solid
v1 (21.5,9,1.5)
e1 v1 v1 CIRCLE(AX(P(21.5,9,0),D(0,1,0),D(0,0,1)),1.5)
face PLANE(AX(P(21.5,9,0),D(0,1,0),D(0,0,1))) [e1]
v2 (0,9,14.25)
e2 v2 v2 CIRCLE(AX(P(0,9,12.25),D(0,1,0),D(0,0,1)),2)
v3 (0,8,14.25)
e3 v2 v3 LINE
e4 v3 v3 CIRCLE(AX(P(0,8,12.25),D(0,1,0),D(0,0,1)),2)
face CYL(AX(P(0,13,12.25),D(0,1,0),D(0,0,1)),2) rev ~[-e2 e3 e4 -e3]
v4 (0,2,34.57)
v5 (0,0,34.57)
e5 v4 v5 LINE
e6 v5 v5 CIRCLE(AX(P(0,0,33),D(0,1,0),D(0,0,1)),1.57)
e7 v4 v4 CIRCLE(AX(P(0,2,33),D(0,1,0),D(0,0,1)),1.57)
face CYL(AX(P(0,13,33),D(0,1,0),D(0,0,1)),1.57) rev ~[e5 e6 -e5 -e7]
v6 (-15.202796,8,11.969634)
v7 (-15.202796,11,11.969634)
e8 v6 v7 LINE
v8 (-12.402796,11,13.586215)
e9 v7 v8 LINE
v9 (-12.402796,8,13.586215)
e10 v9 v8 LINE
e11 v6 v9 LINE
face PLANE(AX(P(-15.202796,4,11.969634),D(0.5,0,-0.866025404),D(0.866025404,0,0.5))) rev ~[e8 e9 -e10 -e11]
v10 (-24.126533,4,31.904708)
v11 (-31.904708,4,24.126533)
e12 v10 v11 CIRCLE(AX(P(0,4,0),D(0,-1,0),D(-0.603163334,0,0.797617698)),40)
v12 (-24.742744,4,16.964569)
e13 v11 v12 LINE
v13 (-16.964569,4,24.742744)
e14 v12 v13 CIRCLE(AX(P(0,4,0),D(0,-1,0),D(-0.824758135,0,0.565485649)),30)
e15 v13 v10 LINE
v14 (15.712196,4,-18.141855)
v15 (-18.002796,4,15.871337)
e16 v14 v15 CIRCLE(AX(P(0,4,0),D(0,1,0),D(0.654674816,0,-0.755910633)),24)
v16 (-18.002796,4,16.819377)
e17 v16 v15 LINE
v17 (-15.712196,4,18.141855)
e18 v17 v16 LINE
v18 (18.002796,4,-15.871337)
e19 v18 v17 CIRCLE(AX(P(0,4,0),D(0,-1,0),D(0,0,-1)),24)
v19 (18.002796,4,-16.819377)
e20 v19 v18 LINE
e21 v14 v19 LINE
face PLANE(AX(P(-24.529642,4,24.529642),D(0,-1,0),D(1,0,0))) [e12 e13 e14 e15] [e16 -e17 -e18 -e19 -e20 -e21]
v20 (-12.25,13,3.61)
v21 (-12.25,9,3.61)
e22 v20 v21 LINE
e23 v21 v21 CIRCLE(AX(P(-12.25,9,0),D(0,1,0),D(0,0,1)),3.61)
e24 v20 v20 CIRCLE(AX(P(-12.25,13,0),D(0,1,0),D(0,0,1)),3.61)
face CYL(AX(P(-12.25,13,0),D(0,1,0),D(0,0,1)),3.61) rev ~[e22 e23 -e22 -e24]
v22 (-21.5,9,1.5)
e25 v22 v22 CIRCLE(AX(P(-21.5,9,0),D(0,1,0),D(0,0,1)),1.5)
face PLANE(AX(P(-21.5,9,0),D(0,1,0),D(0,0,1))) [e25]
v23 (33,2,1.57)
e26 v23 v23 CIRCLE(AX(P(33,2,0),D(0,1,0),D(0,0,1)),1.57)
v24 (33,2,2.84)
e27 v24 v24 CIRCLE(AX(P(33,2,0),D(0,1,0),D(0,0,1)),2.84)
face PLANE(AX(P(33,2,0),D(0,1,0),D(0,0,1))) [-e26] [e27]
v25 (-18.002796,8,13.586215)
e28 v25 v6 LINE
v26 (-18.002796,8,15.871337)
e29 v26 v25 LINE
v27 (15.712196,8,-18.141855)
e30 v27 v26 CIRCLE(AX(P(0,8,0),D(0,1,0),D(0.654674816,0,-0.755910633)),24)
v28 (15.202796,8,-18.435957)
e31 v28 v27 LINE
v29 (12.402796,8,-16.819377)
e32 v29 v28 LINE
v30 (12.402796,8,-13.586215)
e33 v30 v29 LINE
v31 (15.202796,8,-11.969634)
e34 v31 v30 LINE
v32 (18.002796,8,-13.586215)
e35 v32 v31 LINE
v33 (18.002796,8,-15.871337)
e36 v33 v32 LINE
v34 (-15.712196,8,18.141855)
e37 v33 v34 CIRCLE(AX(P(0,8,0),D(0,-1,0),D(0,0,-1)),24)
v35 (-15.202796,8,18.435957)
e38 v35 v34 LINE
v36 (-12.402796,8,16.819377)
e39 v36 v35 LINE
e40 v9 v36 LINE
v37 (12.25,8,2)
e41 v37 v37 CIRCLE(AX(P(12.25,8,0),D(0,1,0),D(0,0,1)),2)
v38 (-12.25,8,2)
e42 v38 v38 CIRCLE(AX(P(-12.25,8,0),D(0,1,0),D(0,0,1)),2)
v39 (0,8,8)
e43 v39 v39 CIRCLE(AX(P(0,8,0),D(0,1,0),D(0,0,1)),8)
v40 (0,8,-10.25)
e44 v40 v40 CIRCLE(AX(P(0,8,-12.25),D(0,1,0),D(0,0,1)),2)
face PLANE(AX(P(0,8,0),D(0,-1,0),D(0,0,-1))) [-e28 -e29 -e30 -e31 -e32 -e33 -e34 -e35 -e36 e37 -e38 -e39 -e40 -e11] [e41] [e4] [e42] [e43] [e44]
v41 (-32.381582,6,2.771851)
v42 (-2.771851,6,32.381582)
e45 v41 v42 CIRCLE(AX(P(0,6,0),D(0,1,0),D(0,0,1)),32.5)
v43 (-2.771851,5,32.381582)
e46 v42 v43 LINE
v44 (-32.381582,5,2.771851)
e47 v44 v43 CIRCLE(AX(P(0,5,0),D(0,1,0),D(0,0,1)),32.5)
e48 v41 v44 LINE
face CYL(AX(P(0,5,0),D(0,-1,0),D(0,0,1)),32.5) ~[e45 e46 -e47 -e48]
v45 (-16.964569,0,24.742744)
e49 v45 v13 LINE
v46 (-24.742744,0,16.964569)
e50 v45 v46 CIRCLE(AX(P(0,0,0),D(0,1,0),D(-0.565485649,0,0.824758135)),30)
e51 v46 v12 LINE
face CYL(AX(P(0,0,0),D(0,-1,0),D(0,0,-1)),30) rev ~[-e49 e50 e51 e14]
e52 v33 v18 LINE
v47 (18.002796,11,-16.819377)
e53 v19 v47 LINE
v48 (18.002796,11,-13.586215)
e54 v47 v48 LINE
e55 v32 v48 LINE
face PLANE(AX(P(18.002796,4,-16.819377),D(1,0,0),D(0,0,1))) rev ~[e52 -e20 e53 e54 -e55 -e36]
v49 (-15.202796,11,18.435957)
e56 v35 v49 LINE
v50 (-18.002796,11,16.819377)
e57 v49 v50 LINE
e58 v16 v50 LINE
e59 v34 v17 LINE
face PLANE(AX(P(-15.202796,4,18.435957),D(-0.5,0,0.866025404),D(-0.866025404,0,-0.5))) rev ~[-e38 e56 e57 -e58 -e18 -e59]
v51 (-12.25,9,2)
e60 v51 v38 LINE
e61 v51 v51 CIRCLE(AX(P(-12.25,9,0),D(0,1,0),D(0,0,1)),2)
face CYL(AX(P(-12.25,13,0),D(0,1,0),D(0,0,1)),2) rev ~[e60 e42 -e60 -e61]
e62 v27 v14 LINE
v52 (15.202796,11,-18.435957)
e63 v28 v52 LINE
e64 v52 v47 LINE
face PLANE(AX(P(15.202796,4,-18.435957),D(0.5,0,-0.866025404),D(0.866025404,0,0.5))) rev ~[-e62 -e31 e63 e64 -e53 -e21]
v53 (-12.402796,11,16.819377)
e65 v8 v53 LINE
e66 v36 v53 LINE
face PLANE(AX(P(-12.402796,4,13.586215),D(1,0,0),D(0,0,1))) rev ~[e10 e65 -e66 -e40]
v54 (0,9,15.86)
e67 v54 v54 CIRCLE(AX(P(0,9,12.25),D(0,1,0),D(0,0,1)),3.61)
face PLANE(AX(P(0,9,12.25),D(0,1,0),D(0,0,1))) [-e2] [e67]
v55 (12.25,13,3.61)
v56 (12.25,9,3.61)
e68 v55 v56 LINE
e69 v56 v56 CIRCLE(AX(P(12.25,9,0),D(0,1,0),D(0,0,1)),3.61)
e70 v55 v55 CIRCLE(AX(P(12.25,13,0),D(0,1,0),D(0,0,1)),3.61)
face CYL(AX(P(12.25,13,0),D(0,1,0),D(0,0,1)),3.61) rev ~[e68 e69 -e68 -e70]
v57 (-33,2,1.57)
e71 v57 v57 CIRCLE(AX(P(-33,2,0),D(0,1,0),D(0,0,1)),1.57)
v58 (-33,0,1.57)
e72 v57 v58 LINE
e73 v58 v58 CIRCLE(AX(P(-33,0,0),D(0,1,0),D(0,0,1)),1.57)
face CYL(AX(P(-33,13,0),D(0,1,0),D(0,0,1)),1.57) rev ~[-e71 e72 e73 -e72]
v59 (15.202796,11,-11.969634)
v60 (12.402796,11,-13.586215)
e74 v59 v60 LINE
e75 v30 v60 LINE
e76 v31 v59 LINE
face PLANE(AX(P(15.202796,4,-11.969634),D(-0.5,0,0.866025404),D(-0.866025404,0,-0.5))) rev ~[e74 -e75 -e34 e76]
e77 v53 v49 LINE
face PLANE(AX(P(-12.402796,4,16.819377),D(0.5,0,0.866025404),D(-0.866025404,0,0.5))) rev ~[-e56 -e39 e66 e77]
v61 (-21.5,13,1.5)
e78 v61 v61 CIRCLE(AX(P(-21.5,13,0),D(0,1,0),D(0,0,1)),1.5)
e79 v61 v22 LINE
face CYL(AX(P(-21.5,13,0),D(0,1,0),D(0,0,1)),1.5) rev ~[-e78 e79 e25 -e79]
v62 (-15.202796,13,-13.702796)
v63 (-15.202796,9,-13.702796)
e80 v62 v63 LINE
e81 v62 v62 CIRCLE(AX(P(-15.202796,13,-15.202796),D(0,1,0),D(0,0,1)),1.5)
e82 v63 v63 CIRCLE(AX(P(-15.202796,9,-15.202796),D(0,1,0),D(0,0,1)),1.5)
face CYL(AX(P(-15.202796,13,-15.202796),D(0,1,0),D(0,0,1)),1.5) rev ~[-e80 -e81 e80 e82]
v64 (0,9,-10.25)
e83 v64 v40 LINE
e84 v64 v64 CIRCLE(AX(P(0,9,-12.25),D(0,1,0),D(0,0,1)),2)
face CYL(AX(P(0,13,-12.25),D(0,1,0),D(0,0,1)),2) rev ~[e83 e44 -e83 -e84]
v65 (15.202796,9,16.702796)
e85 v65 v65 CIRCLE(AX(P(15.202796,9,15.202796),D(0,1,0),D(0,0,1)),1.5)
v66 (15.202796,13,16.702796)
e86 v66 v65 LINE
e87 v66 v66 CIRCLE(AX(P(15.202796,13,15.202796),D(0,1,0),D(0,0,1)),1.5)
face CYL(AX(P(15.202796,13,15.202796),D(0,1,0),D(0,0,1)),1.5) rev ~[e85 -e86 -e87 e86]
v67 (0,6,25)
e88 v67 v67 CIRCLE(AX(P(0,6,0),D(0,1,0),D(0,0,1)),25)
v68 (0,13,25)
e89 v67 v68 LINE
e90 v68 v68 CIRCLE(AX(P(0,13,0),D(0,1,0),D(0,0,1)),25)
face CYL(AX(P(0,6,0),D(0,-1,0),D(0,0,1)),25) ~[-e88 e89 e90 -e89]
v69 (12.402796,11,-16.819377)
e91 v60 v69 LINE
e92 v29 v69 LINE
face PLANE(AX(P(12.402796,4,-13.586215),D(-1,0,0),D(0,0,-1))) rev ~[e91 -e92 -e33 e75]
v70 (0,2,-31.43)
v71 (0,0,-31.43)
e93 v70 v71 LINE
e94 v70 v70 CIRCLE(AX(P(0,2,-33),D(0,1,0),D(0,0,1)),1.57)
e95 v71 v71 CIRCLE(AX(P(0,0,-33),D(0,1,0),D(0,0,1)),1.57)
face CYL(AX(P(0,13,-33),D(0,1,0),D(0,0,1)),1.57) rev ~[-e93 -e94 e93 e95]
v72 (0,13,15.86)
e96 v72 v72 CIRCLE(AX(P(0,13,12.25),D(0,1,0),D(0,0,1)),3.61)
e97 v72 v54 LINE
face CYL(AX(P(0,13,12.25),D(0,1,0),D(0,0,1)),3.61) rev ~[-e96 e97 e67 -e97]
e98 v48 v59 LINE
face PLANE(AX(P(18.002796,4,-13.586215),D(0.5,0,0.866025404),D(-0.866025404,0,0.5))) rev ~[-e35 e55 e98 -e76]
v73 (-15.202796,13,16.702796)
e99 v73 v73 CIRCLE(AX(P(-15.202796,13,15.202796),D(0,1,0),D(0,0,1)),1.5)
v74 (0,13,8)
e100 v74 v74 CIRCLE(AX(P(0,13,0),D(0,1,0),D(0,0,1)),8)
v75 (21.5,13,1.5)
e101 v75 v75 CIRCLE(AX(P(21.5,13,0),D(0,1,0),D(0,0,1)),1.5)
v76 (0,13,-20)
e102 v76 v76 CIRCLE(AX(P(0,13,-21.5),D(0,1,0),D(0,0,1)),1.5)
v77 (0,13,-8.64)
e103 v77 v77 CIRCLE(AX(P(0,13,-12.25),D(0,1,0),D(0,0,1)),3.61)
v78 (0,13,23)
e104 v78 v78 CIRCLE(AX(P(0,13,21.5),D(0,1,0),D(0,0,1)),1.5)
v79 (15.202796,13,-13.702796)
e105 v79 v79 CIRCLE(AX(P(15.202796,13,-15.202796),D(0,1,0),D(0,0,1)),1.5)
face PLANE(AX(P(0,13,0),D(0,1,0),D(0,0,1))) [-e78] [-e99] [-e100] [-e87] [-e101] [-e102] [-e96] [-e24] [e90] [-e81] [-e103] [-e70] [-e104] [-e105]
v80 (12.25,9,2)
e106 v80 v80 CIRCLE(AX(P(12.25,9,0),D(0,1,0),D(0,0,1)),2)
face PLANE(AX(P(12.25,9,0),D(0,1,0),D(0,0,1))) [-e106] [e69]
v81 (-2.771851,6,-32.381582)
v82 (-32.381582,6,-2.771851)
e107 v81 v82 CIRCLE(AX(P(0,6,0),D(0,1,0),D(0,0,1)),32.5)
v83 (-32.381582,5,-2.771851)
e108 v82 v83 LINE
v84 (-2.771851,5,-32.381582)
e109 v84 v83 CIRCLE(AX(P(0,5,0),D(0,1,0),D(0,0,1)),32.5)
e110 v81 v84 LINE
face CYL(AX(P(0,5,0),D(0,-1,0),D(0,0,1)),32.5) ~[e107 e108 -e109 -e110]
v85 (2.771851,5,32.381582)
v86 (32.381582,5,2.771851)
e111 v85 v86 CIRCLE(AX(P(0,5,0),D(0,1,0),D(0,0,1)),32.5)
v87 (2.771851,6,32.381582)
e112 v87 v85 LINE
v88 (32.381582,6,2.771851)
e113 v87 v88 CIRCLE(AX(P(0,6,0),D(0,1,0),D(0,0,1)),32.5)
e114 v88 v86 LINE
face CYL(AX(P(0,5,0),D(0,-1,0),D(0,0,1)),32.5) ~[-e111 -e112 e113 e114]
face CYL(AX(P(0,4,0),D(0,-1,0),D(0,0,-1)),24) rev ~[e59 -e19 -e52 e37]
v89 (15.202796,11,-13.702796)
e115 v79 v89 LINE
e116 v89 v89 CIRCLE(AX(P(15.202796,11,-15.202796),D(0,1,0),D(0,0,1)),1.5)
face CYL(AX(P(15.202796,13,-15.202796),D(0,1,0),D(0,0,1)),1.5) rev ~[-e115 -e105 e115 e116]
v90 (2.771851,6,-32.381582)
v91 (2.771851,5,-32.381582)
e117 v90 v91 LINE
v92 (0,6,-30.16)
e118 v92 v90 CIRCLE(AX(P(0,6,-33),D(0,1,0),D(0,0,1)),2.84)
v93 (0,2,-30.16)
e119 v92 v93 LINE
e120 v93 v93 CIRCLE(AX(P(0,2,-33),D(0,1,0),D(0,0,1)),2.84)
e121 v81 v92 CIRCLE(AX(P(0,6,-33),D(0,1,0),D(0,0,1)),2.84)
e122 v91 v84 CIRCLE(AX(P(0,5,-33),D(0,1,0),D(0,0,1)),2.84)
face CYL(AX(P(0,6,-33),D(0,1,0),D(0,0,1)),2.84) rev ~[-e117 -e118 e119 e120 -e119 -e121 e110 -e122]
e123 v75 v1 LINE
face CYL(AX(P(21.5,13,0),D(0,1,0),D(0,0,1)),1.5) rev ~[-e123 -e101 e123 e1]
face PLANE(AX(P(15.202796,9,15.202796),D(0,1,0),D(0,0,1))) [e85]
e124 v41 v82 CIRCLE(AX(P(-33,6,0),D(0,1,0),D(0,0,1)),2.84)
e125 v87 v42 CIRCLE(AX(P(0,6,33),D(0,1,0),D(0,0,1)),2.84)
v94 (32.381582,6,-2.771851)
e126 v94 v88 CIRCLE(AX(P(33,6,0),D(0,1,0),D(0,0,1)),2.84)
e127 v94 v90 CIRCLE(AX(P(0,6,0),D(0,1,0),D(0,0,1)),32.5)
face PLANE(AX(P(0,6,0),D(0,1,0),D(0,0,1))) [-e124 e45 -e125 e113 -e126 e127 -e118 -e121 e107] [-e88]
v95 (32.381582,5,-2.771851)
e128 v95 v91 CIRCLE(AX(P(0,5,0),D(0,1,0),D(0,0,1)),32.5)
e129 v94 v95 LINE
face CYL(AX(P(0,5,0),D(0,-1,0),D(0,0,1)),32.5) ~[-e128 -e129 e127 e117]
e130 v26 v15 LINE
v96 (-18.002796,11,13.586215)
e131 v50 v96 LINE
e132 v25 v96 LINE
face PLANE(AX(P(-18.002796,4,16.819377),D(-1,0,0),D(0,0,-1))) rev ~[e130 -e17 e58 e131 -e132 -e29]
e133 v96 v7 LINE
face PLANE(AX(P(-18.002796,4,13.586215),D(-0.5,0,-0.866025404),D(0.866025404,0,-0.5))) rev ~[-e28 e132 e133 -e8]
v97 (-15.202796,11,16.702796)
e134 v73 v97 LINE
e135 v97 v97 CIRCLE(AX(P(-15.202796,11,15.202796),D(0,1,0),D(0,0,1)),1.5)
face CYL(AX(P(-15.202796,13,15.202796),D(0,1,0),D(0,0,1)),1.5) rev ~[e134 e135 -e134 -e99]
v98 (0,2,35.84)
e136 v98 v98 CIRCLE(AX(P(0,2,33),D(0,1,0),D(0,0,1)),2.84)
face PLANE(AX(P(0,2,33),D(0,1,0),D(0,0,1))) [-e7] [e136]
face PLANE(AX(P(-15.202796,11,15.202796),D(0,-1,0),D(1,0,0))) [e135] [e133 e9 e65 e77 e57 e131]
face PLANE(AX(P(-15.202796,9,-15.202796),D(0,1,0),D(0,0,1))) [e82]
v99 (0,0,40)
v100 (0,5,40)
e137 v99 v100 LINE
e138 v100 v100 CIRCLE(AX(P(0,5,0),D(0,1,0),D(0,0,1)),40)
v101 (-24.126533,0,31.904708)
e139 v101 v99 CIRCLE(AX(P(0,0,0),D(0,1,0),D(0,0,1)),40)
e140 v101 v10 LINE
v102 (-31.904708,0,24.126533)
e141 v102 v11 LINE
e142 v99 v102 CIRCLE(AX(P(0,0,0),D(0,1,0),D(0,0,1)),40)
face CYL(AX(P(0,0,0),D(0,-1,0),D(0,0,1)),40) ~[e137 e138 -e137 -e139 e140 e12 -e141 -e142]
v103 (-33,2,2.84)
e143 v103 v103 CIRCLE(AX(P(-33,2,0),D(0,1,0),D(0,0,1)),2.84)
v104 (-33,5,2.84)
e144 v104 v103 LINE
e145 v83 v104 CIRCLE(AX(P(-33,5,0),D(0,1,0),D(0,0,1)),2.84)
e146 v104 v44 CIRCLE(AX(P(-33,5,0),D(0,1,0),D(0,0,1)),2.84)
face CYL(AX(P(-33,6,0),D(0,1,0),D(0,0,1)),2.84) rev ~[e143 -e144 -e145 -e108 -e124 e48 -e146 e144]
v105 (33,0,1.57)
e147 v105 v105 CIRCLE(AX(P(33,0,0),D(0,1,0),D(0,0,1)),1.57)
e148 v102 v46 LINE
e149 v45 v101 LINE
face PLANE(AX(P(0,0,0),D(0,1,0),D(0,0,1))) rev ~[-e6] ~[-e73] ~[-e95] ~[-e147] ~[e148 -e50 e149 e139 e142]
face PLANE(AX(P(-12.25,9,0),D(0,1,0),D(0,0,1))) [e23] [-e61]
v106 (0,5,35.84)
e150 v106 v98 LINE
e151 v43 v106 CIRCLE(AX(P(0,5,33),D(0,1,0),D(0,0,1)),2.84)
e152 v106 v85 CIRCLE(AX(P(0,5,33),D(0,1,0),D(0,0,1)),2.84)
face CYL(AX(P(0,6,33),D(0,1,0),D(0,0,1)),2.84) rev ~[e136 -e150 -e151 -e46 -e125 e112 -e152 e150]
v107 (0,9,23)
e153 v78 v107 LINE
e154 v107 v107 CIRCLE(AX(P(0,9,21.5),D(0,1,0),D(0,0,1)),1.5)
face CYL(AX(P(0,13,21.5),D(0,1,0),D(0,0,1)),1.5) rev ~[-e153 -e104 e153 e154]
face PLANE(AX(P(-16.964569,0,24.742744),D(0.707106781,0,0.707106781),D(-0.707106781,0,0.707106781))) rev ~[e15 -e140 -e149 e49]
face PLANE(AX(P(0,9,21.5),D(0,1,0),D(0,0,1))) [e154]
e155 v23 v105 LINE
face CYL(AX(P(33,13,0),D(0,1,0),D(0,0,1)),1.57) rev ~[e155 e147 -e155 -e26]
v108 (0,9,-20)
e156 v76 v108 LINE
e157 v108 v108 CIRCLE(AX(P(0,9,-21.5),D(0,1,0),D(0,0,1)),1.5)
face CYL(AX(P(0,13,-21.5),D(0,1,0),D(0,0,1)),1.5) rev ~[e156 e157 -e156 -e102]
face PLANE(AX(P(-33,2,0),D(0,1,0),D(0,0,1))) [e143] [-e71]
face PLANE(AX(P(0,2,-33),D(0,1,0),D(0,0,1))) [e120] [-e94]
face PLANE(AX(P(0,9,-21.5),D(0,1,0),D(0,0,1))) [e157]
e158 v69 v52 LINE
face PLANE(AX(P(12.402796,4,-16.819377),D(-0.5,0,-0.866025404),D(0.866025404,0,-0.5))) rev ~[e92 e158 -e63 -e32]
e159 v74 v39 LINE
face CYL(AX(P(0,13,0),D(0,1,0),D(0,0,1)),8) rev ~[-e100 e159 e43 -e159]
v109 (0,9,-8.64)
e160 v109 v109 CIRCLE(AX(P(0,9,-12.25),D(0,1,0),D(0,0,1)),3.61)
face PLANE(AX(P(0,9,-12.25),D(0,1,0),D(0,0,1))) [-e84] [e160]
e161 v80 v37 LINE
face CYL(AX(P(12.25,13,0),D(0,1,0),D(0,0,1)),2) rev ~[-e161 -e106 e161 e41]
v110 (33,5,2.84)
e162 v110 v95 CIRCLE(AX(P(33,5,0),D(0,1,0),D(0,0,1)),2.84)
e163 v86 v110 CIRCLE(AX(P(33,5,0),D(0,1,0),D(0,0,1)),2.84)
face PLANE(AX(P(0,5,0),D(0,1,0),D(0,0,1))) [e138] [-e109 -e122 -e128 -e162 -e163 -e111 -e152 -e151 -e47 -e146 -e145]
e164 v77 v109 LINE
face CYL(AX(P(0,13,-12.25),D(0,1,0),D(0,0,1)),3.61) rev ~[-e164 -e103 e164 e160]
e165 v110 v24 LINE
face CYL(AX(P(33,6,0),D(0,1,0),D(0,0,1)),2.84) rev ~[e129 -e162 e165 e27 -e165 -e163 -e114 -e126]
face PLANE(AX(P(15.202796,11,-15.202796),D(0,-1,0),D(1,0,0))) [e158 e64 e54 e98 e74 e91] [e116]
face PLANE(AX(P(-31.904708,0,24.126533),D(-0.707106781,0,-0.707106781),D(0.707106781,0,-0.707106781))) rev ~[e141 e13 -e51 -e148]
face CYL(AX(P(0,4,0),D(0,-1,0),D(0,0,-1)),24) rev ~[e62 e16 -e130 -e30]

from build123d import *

# Parameters (mm, degrees)
SKETCH1_R           = 40
BOSS_EXTRUDE1_DEPTH = 5
SKETCH4_R           = 32.5
BOSS_EXTRUDE2_DEPTH = 1
SKETCH5_R           = 25
BOSS_EXTRUDE3_DEPTH = 7
SKETCH6_R           = 2
SKETCH6_R_2         = 8
CUT_EXTRUDE1_DEPTH  = 59.043087444
SKETCH7_R           = 30
CUT_EXTRUDE2_DEPTH  = 4
SKETCH8_R           = 24
CUT_EXTRUDE3_DEPTH  = 4
SKETCH9_R           = 3.61
CUT_EXTRUDE4_DEPTH  = 4
SKETCH10_R          = 1.57
CUT_EXTRUDE5_DEPTH  = 59.043087444
SKETCH11_R          = 2.84
CUT_EXTRUDE6_DEPTH  = 4
SKETCH12_R          = 1.5
CUT_EXTRUDE7_DEPTH  = 4
CUT_EXTRUDE9_DEPTH  = 7
CUT_EXTRUDE10_DEPTH = 4


with BuildPart() as part:
    # Sketch1 → Boss-Extrude1 (new body)
    with BuildSketch(Plane(origin=(0, 0, 0), x_dir=(1, 0, 0), z_dir=(0, 1, 0))):
        with Locations(Location((0, 0, 0), (0, 0, 270))):
            Circle(SKETCH1_R)
    extrude(amount=BOSS_EXTRUDE1_DEPTH)

    # Sketch4 → Boss-Extrude2 (add)
    with BuildSketch(Plane(origin=(0, 5, 0), x_dir=(1, 0, 0), z_dir=(0, 1, 0))):
        with Locations(Location((0, 0, 0), (0, 0, 270))):
            Circle(SKETCH4_R)
    extrude(amount=BOSS_EXTRUDE2_DEPTH)

    # Sketch5 → Boss-Extrude3 (add)
    with BuildSketch(Plane(origin=(0, 6, 0), x_dir=(1, 0, 0), z_dir=(0, 1, 0))):
        with Locations(Location((0, 0, 0), (0, 0, 270))):
            Circle(SKETCH5_R)
    extrude(amount=BOSS_EXTRUDE3_DEPTH)

    # Sketch6 → Cut-Extrude1 (cut, through all)
    with BuildSketch(Plane(origin=(0, 13, 0), x_dir=(1, 0, 0), z_dir=(0, 1, 0))):
        with Locations(Location((12.25, 0, 0), (0, 0, 270))):
            Circle(SKETCH6_R)
        with Locations(Location((0, -12.25, 0), (0, 0, 270))):
            Circle(SKETCH6_R)
        with Locations(Location((-12.25, 0, 0), (0, 0, 270))):
            Circle(SKETCH6_R)
        with Locations(Location((0, 12.25, 0), (0, 0, 270))):
            Circle(SKETCH6_R)
        with Locations(Location((0, 0, 0), (0, 0, 270))):
            Circle(SKETCH6_R_2)
    extrude(amount=-CUT_EXTRUDE1_DEPTH, mode=Mode.SUBTRACT)

    # Sketch7 → Cut-Extrude2 (cut)
    with BuildSketch(Plane.XZ):
        with Locations(Location((0, 0, 0), (0, 0, 270))):
            Circle(SKETCH7_R)
    extrude(amount=-CUT_EXTRUDE2_DEPTH, mode=Mode.SUBTRACT)

    # Sketch8 → Cut-Extrude3 (cut)
    with BuildSketch(Plane.XZ.offset(-4)):
        with Locations(Location((0, 0, 0), (0, 0, 270))):
            Circle(SKETCH8_R)
    extrude(amount=-CUT_EXTRUDE3_DEPTH, mode=Mode.SUBTRACT)

    # Sketch9 → Cut-Extrude4 (cut)
    with BuildSketch(Plane(origin=(0, 13, 0), x_dir=(1, 0, 0), z_dir=(0, 1, 0))):
        with Locations(Location((0, 12.25, 0), (0, 0, 270))):
            Circle(SKETCH9_R)
        with Locations(Location((12.25, 0, 0), (0, 0, 270))):
            Circle(SKETCH9_R)
        with Locations(Location((0, -12.25, 0), (0, 0, 270))):
            Circle(SKETCH9_R)
        with Locations(Location((-12.25, 0, 0), (0, 0, 270))):
            Circle(SKETCH9_R)
    extrude(amount=-CUT_EXTRUDE4_DEPTH, mode=Mode.SUBTRACT)

    # Sketch10 → Cut-Extrude5 (cut, through all)
    with BuildSketch(Plane(origin=(0, 13, 0), x_dir=(1, 0, 0), z_dir=(0, 1, 0))):
        with Locations(Location((0, 33, 0), (0, 0, 270))):
            Circle(SKETCH10_R)
        with Locations(Location((33, 0, 0), (0, 0, 270))):
            Circle(SKETCH10_R)
        with Locations(Location((0, -33, 0), (0, 0, 270))):
            Circle(SKETCH10_R)
        with Locations(Location((-33, 0, 0), (0, 0, 270))):
            Circle(SKETCH10_R)
    extrude(amount=-CUT_EXTRUDE5_DEPTH, mode=Mode.SUBTRACT)

    # Sketch11 → Cut-Extrude6 (cut)
    with BuildSketch(Plane(origin=(0, 6, 0), x_dir=(1, 0, 0), z_dir=(0, 1, 0))):
        with Locations(Location((0, 33, 0), (0, 0, 270))):
            Circle(SKETCH11_R)
        with Locations(Location((33, 0, 0), (0, 0, 270))):
            Circle(SKETCH11_R)
        with Locations(Location((0, -33, 0), (0, 0, 270))):
            Circle(SKETCH11_R)
        with Locations(Location((-33, 0, 0), (0, 0, 270))):
            Circle(SKETCH11_R)
    extrude(amount=-CUT_EXTRUDE6_DEPTH, mode=Mode.SUBTRACT)

    # Sketch12 → Cut-Extrude7 (cut)
    with BuildSketch(Plane(origin=(0, 13, 0), x_dir=(1, 0, 0), z_dir=(0, 1, 0))):
        with Locations(Location((0, -21.5, 0), (0, 0, 270))):
            Circle(SKETCH12_R)
        with Locations(Location((-15.202795796, -15.202795796, 0), (0, 0, 270))):
            Circle(SKETCH12_R)
        with Locations(Location((-21.5, 0, 0), (0, 0, 270))):
            Circle(SKETCH12_R)
        with Locations(Location((-15.202795796, 15.202795796, 0), (0, 0, 270))):
            Circle(SKETCH12_R)
        with Locations(Location((0, 21.5, 0), (0, 0, 270))):
            Circle(SKETCH12_R)
        with Locations(Location((15.202795796, 15.202795796, 0), (0, 0, 270))):
            Circle(SKETCH12_R)
        with Locations(Location((21.5, 0, 0), (0, 0, 270))):
            Circle(SKETCH12_R)
        with Locations(Location((15.202795796, -15.202795796, 0), (0, 0, 270))):
            Circle(SKETCH12_R)
    extrude(amount=-CUT_EXTRUDE7_DEPTH, mode=Mode.SUBTRACT)

    # Sketch13 → Cut-Extrude9 (cut)
    with BuildSketch(Plane.XZ.offset(-4)):
        Polygon((15.202795796, -11.969634288), (12.402795796, -13.586215042), (12.402795796, -16.819376549), (15.202795796, -18.435957303), (18.002795796, -16.819376549), (18.002795796, -13.586215042), align=None)
        Polygon((-15.202795796, 11.969634288), (-12.402795796, 13.586215042), (-12.402795796, 16.819376549), (-15.202795796, 18.435957303), (-18.002795796, 16.819376549), (-18.002795796, 13.586215042), align=None)
    extrude(amount=-CUT_EXTRUDE9_DEPTH, mode=Mode.SUBTRACT)

    # Sketch14 → Cut-Extrude10 (cut)
    with BuildSketch(Plane.XZ):
        with BuildLine():
            ThreePointArc((-24.74274405, 16.964569457), (-21.213203436, 21.213203436), (-16.964569457, 24.74274405))
            Line((-16.964569457, 24.74274405), (-24.126533346, 31.904707939))
            ThreePointArc((-24.126533346, 31.904707939), (-28.284271247, 28.284271247), (-31.904707939, 24.126533346))
            Line((-31.904707939, 24.126533346), (-24.74274405, 16.964569457))
        make_face()
    extrude(amount=-CUT_EXTRUDE10_DEPTH, mode=Mode.SUBTRACT)


solid = part.part
